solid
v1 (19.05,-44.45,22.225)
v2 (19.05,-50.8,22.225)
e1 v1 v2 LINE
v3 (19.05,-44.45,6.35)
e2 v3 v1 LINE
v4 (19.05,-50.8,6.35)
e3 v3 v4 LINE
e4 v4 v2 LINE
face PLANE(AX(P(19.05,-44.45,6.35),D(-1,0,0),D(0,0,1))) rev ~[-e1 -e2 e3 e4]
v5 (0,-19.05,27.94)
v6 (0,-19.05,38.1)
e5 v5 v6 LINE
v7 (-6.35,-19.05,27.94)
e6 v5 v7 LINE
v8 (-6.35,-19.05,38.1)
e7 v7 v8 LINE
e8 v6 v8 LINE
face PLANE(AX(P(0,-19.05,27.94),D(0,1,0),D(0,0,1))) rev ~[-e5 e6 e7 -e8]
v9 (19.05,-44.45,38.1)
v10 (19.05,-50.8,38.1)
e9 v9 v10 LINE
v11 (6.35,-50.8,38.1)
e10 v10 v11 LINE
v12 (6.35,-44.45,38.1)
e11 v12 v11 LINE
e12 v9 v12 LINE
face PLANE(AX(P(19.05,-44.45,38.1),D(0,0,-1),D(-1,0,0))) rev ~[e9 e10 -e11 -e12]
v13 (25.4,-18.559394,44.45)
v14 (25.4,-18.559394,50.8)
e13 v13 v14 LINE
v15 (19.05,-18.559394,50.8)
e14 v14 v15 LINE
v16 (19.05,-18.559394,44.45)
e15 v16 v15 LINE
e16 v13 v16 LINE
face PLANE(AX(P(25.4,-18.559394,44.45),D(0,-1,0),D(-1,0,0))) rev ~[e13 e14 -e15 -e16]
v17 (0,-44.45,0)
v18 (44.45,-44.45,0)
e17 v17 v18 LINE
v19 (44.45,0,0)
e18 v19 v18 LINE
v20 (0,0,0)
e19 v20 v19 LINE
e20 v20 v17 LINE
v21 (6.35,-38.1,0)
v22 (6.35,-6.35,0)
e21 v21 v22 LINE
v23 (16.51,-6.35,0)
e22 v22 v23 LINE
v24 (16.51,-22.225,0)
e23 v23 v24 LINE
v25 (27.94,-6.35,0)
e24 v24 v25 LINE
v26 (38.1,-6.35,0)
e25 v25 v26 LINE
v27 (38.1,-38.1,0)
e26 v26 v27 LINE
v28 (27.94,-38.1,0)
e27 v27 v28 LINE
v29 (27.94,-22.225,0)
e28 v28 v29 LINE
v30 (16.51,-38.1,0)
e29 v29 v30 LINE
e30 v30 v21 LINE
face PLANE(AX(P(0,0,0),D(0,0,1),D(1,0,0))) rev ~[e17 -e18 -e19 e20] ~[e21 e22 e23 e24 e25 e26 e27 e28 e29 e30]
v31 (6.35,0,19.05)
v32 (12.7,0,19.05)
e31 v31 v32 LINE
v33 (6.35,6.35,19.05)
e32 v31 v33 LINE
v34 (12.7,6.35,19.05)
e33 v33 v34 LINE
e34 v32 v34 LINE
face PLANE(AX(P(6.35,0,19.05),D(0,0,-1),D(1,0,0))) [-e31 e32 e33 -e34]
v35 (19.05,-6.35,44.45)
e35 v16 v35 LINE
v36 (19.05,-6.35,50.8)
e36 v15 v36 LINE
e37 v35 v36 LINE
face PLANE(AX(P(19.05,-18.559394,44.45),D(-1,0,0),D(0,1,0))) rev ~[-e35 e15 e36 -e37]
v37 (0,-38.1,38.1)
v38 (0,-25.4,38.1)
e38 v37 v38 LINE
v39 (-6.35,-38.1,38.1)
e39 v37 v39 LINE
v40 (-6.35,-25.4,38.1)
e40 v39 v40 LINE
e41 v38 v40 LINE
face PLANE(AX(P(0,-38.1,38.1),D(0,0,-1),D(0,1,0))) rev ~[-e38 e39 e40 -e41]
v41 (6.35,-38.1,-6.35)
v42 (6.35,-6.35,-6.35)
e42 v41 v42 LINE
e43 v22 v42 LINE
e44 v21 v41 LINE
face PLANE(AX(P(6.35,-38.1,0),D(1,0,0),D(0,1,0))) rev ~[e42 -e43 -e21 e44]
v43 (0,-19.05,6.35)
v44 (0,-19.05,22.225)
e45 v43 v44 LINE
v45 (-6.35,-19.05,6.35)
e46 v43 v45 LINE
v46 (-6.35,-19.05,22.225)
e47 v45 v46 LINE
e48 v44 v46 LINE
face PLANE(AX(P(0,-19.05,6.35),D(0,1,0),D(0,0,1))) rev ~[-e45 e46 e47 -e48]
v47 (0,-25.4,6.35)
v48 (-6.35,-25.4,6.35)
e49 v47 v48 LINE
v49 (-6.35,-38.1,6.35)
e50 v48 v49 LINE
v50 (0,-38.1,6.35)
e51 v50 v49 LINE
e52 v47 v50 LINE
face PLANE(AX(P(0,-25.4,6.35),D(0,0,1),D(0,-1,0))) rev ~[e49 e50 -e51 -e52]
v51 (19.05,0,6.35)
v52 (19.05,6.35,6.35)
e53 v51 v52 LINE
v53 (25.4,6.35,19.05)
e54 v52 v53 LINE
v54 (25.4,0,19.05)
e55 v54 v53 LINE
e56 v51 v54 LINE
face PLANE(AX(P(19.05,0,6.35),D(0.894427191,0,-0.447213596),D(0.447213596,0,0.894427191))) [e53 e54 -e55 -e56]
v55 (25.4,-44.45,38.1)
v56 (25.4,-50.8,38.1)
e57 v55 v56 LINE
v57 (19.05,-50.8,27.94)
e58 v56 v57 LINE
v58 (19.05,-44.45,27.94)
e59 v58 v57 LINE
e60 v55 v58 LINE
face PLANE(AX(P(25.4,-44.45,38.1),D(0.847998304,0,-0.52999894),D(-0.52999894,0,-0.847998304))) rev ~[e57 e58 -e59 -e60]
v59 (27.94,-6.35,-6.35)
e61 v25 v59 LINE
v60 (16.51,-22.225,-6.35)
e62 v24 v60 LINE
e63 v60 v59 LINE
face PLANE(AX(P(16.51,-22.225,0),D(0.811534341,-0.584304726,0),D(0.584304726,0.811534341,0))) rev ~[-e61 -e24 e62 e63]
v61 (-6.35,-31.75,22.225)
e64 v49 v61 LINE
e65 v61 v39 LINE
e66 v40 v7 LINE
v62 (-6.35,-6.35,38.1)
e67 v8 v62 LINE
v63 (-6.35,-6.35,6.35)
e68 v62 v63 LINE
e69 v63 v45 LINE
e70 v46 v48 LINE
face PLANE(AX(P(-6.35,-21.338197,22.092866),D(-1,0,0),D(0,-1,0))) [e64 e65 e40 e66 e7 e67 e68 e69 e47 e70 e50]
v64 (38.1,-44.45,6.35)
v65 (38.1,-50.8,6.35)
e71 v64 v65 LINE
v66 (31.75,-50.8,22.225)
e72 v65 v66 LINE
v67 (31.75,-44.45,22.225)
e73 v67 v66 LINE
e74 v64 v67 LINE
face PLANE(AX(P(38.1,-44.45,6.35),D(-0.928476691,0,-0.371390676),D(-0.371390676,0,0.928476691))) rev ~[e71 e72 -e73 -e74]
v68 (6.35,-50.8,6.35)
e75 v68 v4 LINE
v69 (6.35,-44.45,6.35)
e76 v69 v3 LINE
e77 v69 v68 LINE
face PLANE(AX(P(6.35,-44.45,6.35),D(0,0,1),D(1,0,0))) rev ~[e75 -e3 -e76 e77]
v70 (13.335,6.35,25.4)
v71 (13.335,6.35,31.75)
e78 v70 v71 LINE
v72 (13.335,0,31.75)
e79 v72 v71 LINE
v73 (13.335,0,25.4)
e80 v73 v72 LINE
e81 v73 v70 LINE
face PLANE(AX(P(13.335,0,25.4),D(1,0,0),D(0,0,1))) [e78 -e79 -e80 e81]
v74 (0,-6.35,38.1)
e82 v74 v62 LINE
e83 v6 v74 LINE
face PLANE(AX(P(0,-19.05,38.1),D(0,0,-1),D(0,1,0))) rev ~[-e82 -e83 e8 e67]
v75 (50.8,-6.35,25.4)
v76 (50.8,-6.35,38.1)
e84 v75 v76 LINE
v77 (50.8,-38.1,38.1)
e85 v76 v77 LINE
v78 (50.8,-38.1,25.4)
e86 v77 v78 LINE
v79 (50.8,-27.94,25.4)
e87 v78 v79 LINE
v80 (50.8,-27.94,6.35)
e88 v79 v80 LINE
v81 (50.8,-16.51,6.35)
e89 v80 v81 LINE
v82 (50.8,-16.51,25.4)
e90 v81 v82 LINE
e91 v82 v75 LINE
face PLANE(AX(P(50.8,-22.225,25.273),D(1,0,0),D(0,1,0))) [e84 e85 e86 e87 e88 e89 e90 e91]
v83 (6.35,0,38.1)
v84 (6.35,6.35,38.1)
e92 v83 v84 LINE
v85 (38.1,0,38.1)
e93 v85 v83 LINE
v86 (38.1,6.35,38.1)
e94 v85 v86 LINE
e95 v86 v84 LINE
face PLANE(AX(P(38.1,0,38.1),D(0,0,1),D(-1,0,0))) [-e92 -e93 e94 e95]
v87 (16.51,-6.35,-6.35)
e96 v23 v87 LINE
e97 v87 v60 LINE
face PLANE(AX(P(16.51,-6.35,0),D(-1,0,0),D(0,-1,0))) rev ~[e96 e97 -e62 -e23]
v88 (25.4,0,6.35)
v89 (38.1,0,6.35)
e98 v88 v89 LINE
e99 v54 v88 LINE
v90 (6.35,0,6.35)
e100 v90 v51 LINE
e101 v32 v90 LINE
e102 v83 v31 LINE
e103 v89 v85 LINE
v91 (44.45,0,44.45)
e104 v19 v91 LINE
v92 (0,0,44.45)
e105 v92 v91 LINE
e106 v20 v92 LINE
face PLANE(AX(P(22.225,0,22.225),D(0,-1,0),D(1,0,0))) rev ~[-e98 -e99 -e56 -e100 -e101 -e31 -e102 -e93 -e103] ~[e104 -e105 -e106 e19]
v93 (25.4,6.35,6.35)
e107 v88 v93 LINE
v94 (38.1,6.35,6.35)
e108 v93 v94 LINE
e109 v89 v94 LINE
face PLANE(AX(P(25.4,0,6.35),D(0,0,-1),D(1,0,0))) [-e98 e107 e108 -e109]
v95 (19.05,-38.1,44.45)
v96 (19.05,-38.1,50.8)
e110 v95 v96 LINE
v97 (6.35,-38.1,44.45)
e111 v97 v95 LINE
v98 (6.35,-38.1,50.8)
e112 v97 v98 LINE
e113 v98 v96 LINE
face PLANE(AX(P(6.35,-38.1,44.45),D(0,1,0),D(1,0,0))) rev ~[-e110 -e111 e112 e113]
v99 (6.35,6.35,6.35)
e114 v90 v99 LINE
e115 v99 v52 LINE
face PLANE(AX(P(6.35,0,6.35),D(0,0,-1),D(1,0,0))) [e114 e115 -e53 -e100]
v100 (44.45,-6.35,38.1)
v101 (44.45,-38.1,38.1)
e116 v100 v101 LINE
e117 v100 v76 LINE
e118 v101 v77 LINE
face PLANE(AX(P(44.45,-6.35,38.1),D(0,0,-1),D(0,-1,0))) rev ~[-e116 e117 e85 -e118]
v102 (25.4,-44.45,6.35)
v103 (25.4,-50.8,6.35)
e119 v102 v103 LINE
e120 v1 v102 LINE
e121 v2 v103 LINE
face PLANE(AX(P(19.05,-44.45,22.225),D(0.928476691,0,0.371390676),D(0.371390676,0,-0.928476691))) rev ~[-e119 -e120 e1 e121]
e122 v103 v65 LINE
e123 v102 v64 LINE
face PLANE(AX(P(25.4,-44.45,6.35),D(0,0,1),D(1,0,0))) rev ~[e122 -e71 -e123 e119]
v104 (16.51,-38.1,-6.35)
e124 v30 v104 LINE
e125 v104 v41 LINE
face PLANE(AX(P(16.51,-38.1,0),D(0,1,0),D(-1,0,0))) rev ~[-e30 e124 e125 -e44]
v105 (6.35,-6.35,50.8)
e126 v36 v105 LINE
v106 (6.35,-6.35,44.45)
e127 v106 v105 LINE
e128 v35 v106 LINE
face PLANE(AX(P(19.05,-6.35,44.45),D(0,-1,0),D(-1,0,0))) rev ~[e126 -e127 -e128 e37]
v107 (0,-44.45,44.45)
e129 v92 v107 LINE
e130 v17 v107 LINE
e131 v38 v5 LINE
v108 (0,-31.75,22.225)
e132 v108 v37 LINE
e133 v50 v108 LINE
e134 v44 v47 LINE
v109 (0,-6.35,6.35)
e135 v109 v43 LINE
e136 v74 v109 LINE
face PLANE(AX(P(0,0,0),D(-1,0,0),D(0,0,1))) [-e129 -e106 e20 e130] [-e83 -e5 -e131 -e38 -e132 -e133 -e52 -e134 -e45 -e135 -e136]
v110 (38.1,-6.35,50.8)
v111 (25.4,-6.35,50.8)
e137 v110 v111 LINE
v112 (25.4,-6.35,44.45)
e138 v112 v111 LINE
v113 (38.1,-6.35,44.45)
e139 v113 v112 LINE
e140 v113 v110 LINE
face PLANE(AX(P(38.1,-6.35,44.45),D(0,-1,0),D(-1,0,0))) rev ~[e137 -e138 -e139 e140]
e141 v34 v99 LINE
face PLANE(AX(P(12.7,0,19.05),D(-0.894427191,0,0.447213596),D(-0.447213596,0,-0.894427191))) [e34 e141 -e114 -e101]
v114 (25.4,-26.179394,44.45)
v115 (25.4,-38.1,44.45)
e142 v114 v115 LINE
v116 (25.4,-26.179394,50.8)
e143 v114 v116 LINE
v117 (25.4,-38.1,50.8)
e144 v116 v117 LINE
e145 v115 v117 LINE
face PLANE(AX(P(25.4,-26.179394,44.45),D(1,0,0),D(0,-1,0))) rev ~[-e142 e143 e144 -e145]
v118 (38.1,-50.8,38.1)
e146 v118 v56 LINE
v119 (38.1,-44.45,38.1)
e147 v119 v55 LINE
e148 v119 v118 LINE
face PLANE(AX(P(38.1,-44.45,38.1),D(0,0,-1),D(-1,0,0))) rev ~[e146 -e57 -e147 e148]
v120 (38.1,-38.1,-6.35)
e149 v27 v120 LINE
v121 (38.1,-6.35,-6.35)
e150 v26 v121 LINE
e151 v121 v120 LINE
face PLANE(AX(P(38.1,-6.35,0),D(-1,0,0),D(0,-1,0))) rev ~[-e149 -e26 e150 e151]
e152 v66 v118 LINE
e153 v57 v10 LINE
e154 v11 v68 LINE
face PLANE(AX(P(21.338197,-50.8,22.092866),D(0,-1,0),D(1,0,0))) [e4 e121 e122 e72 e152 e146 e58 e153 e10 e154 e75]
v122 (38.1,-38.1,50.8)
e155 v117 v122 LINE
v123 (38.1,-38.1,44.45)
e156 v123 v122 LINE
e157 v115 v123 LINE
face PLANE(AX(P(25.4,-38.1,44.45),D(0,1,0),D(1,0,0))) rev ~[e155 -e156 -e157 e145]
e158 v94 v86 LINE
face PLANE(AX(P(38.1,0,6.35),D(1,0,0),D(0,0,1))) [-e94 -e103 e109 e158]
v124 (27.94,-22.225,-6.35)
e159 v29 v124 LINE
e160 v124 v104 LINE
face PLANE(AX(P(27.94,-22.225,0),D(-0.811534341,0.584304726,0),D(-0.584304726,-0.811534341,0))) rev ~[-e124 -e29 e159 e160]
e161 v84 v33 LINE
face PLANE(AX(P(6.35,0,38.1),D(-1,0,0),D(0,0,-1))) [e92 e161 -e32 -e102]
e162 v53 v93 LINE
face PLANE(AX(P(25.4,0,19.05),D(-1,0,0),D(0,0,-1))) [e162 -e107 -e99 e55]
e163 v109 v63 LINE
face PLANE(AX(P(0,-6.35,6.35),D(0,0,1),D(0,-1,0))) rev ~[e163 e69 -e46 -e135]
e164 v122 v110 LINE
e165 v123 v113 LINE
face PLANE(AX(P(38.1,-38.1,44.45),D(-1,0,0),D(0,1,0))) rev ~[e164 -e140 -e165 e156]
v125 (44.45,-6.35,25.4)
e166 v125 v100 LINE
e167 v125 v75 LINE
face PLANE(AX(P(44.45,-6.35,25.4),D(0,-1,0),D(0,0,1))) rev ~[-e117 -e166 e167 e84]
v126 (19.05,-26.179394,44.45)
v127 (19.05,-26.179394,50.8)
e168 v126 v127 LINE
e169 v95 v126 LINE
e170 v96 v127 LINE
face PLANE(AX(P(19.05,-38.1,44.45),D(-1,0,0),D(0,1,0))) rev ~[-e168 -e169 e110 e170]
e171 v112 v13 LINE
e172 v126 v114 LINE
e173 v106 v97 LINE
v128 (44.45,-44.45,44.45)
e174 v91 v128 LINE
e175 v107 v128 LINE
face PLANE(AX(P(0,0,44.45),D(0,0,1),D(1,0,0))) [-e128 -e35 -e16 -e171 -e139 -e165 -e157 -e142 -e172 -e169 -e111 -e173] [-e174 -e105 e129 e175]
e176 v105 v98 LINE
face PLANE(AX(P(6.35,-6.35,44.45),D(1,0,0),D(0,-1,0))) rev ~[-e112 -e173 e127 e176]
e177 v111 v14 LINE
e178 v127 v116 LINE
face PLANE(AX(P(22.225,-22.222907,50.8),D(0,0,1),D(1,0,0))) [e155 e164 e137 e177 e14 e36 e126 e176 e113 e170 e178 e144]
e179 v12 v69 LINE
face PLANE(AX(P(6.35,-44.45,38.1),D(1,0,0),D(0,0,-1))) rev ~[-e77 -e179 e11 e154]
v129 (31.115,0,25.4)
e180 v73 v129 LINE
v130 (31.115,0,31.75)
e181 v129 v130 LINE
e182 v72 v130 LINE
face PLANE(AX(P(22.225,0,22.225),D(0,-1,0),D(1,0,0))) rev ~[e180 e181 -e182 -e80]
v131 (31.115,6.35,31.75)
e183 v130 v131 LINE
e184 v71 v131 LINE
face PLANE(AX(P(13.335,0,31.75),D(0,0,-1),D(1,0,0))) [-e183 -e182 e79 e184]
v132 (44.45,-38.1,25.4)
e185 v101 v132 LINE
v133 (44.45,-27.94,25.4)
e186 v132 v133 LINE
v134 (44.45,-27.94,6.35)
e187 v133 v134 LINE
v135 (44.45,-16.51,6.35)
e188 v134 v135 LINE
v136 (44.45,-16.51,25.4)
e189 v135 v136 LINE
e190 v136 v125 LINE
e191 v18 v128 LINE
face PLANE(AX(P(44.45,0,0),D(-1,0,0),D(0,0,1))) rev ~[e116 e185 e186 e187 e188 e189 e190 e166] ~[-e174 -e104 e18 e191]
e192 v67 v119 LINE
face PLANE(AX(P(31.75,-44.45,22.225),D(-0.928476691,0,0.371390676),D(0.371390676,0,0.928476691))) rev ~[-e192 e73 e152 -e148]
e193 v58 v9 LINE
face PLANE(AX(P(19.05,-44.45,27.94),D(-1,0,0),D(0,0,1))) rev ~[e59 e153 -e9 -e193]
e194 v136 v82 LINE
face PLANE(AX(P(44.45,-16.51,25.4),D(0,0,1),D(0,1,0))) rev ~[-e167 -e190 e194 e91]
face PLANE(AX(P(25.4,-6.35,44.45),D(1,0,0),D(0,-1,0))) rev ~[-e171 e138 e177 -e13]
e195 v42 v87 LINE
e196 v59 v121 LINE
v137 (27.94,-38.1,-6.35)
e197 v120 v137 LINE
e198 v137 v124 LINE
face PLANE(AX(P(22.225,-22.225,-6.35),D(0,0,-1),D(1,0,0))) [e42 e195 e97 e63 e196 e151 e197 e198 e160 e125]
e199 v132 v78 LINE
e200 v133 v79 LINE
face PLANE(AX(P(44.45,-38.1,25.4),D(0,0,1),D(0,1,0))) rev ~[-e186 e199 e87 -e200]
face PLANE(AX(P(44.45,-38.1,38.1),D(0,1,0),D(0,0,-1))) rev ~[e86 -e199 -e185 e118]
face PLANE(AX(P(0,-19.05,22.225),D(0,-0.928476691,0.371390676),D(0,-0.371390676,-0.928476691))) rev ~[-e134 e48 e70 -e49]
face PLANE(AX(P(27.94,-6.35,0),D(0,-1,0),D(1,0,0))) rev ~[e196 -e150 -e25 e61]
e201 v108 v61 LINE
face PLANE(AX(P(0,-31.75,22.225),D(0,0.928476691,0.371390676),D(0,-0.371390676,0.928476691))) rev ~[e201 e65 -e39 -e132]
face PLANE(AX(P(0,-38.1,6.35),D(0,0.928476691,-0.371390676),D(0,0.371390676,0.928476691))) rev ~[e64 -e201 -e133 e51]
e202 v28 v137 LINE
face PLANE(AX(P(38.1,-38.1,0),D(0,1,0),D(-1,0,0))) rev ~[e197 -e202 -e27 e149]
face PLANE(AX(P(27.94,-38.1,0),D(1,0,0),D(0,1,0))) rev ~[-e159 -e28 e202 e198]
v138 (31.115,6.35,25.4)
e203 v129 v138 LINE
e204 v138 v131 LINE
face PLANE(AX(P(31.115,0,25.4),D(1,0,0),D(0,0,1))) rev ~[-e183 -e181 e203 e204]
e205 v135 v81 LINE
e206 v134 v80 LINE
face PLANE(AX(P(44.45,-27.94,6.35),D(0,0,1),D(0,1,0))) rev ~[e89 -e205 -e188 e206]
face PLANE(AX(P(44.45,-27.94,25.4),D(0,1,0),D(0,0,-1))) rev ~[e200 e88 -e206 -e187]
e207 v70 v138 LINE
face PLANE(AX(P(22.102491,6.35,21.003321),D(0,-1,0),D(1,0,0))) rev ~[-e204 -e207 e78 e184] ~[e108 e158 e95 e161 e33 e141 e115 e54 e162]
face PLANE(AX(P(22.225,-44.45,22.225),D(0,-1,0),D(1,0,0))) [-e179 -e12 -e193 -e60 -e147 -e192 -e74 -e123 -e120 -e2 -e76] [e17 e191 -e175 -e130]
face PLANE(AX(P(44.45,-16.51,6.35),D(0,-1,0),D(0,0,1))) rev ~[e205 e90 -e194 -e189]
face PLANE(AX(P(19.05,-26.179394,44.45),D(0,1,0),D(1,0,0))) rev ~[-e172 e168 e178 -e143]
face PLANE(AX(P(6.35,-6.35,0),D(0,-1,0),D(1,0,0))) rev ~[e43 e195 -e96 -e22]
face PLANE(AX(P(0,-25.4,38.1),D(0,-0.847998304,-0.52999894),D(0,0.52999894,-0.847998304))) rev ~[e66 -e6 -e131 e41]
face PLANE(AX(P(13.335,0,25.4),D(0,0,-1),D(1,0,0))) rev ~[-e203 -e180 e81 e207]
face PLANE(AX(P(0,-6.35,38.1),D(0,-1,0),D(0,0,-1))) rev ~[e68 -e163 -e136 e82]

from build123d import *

# Parameters (mm, degrees)
F0_W      = 44.45
F0_H      = 44.45
F1_DEPTH  = 44.45
F4_DEPTH  = 6.35
F5_W      = 17.78
F5_H      = 6.35
F6_DEPTH  = 6.35
F8_DEPTH  = 6.35
F10_DEPTH = 6.35
F11_DEPTH = 6.35
F13_DEPTH = 6.35
F6_FACE_W = 17.78
F6_FACE_H = 6.35
F14_DEPTH = 6.35


with BuildPart() as f1:
    # F0 (on Front) → F1 (new body)
    with BuildSketch(Plane.XZ):
        with Locations((22.225, 22.225)):
            Rectangle(F0_W, F0_H)
    extrude(amount=F1_DEPTH)

    # F3 (on face) → F4 (join)
    with BuildSketch(Plane.YZ.offset(44.45)):
        Polygon((-27.94, 25.4), (-27.94, 6.35), (-16.51, 6.35), (-16.51, 25.4), (-6.35, 25.4), (-6.35, 38.1), (-38.1, 38.1), (-38.1, 25.4), align=None)
    extrude(amount=F4_DEPTH)

    # F5 (on Front) → F6 (join)
    with BuildSketch(Plane.XZ):
        Polygon((25.4, 6.35), (38.1, 6.35), (38.1, 38.1), (6.35, 38.1), (6.35, 19.05), (12.7, 19.05), (6.35, 6.35), (19.05, 6.35), (25.4, 19.05), align=None)
        with Locations((22.225, 28.575)):
            Rectangle(F5_W, F5_H, mode=Mode.SUBTRACT)
    extrude(amount=-F6_DEPTH)

    # F7 (on face) → F8 (join)
    with BuildSketch(Plane.XY.offset(44.45)):
        Polygon((19.05, -6.35), (6.35, -6.35), (6.35, -38.1), (19.05, -38.1), (19.05, -26.1793940588), (25.4, -26.1793940588), (25.4, -38.1), (38.1, -38.1), (38.1, -6.35), (25.4, -6.35), (25.4, -18.5593940588), (19.05, -18.5593940588), align=None)
    extrude(amount=F8_DEPTH)

    # F9 (on face) → F10 (join)
    with BuildSketch(Plane(origin=(0, 0, 0), x_dir=(1, 0, 0), z_dir=(0, 0, -1))):
        Polygon((6.35, 38.1), (6.35, 6.35), (16.51, 6.35), (16.51, 22.225), (27.94, 6.35), (38.1, 6.35), (38.1, 38.1), (27.94, 38.1), (27.94, 22.225), (16.51, 38.1), align=None)
    extrude(amount=F10_DEPTH)

    # F2 (on face) → F11 (join)
    with BuildSketch(Plane.XZ.offset(44.45)):
        Polygon((19.05, 38.1), (6.35, 38.1), (6.35, 6.35), (19.05, 6.35), (19.05, 22.225), (25.4, 6.35), (38.1, 6.35), (31.75, 22.225), (38.1, 38.1), (25.4, 38.1), (19.05, 27.94), align=None)
    extrude(amount=F11_DEPTH)

    # F12 (on face) → F13 (join)
    with BuildSketch(Plane(origin=(0, 0, 0), x_dir=(0, -1, 0), z_dir=(-1, 0, 0))):
        Polygon((6.35, 38.1), (6.35, 6.35), (19.05, 6.35), (19.05, 22.225), (25.4, 6.35), (38.1, 6.35), (31.75, 22.225), (38.1, 38.1), (25.4, 38.1), (19.05, 27.94), (19.05, 38.1), align=None)
    extrude(amount=F13_DEPTH)

    # F5 (on Front) + F6_face (on face) → F14 (join)
    with BuildSketch(Plane.XZ):
        Polygon((25.4, 6.35), (38.1, 6.35), (38.1, 38.1), (6.35, 38.1), (6.35, 19.05), (12.7, 19.05), (6.35, 6.35), (19.05, 6.35), (25.4, 19.05), align=None)
        with Locations((22.225, 28.575)):
            Rectangle(F5_W, F5_H, mode=Mode.SUBTRACT)
    with BuildSketch(Plane(origin=(22.225, 0, 28.575), x_dir=(-1, 0, 0), z_dir=(0, 1, 0))):
        Rectangle(F6_FACE_W, F6_FACE_H)
    extrude(amount=F14_DEPTH, dir=(0, -1, 0))


solid = f1.part
